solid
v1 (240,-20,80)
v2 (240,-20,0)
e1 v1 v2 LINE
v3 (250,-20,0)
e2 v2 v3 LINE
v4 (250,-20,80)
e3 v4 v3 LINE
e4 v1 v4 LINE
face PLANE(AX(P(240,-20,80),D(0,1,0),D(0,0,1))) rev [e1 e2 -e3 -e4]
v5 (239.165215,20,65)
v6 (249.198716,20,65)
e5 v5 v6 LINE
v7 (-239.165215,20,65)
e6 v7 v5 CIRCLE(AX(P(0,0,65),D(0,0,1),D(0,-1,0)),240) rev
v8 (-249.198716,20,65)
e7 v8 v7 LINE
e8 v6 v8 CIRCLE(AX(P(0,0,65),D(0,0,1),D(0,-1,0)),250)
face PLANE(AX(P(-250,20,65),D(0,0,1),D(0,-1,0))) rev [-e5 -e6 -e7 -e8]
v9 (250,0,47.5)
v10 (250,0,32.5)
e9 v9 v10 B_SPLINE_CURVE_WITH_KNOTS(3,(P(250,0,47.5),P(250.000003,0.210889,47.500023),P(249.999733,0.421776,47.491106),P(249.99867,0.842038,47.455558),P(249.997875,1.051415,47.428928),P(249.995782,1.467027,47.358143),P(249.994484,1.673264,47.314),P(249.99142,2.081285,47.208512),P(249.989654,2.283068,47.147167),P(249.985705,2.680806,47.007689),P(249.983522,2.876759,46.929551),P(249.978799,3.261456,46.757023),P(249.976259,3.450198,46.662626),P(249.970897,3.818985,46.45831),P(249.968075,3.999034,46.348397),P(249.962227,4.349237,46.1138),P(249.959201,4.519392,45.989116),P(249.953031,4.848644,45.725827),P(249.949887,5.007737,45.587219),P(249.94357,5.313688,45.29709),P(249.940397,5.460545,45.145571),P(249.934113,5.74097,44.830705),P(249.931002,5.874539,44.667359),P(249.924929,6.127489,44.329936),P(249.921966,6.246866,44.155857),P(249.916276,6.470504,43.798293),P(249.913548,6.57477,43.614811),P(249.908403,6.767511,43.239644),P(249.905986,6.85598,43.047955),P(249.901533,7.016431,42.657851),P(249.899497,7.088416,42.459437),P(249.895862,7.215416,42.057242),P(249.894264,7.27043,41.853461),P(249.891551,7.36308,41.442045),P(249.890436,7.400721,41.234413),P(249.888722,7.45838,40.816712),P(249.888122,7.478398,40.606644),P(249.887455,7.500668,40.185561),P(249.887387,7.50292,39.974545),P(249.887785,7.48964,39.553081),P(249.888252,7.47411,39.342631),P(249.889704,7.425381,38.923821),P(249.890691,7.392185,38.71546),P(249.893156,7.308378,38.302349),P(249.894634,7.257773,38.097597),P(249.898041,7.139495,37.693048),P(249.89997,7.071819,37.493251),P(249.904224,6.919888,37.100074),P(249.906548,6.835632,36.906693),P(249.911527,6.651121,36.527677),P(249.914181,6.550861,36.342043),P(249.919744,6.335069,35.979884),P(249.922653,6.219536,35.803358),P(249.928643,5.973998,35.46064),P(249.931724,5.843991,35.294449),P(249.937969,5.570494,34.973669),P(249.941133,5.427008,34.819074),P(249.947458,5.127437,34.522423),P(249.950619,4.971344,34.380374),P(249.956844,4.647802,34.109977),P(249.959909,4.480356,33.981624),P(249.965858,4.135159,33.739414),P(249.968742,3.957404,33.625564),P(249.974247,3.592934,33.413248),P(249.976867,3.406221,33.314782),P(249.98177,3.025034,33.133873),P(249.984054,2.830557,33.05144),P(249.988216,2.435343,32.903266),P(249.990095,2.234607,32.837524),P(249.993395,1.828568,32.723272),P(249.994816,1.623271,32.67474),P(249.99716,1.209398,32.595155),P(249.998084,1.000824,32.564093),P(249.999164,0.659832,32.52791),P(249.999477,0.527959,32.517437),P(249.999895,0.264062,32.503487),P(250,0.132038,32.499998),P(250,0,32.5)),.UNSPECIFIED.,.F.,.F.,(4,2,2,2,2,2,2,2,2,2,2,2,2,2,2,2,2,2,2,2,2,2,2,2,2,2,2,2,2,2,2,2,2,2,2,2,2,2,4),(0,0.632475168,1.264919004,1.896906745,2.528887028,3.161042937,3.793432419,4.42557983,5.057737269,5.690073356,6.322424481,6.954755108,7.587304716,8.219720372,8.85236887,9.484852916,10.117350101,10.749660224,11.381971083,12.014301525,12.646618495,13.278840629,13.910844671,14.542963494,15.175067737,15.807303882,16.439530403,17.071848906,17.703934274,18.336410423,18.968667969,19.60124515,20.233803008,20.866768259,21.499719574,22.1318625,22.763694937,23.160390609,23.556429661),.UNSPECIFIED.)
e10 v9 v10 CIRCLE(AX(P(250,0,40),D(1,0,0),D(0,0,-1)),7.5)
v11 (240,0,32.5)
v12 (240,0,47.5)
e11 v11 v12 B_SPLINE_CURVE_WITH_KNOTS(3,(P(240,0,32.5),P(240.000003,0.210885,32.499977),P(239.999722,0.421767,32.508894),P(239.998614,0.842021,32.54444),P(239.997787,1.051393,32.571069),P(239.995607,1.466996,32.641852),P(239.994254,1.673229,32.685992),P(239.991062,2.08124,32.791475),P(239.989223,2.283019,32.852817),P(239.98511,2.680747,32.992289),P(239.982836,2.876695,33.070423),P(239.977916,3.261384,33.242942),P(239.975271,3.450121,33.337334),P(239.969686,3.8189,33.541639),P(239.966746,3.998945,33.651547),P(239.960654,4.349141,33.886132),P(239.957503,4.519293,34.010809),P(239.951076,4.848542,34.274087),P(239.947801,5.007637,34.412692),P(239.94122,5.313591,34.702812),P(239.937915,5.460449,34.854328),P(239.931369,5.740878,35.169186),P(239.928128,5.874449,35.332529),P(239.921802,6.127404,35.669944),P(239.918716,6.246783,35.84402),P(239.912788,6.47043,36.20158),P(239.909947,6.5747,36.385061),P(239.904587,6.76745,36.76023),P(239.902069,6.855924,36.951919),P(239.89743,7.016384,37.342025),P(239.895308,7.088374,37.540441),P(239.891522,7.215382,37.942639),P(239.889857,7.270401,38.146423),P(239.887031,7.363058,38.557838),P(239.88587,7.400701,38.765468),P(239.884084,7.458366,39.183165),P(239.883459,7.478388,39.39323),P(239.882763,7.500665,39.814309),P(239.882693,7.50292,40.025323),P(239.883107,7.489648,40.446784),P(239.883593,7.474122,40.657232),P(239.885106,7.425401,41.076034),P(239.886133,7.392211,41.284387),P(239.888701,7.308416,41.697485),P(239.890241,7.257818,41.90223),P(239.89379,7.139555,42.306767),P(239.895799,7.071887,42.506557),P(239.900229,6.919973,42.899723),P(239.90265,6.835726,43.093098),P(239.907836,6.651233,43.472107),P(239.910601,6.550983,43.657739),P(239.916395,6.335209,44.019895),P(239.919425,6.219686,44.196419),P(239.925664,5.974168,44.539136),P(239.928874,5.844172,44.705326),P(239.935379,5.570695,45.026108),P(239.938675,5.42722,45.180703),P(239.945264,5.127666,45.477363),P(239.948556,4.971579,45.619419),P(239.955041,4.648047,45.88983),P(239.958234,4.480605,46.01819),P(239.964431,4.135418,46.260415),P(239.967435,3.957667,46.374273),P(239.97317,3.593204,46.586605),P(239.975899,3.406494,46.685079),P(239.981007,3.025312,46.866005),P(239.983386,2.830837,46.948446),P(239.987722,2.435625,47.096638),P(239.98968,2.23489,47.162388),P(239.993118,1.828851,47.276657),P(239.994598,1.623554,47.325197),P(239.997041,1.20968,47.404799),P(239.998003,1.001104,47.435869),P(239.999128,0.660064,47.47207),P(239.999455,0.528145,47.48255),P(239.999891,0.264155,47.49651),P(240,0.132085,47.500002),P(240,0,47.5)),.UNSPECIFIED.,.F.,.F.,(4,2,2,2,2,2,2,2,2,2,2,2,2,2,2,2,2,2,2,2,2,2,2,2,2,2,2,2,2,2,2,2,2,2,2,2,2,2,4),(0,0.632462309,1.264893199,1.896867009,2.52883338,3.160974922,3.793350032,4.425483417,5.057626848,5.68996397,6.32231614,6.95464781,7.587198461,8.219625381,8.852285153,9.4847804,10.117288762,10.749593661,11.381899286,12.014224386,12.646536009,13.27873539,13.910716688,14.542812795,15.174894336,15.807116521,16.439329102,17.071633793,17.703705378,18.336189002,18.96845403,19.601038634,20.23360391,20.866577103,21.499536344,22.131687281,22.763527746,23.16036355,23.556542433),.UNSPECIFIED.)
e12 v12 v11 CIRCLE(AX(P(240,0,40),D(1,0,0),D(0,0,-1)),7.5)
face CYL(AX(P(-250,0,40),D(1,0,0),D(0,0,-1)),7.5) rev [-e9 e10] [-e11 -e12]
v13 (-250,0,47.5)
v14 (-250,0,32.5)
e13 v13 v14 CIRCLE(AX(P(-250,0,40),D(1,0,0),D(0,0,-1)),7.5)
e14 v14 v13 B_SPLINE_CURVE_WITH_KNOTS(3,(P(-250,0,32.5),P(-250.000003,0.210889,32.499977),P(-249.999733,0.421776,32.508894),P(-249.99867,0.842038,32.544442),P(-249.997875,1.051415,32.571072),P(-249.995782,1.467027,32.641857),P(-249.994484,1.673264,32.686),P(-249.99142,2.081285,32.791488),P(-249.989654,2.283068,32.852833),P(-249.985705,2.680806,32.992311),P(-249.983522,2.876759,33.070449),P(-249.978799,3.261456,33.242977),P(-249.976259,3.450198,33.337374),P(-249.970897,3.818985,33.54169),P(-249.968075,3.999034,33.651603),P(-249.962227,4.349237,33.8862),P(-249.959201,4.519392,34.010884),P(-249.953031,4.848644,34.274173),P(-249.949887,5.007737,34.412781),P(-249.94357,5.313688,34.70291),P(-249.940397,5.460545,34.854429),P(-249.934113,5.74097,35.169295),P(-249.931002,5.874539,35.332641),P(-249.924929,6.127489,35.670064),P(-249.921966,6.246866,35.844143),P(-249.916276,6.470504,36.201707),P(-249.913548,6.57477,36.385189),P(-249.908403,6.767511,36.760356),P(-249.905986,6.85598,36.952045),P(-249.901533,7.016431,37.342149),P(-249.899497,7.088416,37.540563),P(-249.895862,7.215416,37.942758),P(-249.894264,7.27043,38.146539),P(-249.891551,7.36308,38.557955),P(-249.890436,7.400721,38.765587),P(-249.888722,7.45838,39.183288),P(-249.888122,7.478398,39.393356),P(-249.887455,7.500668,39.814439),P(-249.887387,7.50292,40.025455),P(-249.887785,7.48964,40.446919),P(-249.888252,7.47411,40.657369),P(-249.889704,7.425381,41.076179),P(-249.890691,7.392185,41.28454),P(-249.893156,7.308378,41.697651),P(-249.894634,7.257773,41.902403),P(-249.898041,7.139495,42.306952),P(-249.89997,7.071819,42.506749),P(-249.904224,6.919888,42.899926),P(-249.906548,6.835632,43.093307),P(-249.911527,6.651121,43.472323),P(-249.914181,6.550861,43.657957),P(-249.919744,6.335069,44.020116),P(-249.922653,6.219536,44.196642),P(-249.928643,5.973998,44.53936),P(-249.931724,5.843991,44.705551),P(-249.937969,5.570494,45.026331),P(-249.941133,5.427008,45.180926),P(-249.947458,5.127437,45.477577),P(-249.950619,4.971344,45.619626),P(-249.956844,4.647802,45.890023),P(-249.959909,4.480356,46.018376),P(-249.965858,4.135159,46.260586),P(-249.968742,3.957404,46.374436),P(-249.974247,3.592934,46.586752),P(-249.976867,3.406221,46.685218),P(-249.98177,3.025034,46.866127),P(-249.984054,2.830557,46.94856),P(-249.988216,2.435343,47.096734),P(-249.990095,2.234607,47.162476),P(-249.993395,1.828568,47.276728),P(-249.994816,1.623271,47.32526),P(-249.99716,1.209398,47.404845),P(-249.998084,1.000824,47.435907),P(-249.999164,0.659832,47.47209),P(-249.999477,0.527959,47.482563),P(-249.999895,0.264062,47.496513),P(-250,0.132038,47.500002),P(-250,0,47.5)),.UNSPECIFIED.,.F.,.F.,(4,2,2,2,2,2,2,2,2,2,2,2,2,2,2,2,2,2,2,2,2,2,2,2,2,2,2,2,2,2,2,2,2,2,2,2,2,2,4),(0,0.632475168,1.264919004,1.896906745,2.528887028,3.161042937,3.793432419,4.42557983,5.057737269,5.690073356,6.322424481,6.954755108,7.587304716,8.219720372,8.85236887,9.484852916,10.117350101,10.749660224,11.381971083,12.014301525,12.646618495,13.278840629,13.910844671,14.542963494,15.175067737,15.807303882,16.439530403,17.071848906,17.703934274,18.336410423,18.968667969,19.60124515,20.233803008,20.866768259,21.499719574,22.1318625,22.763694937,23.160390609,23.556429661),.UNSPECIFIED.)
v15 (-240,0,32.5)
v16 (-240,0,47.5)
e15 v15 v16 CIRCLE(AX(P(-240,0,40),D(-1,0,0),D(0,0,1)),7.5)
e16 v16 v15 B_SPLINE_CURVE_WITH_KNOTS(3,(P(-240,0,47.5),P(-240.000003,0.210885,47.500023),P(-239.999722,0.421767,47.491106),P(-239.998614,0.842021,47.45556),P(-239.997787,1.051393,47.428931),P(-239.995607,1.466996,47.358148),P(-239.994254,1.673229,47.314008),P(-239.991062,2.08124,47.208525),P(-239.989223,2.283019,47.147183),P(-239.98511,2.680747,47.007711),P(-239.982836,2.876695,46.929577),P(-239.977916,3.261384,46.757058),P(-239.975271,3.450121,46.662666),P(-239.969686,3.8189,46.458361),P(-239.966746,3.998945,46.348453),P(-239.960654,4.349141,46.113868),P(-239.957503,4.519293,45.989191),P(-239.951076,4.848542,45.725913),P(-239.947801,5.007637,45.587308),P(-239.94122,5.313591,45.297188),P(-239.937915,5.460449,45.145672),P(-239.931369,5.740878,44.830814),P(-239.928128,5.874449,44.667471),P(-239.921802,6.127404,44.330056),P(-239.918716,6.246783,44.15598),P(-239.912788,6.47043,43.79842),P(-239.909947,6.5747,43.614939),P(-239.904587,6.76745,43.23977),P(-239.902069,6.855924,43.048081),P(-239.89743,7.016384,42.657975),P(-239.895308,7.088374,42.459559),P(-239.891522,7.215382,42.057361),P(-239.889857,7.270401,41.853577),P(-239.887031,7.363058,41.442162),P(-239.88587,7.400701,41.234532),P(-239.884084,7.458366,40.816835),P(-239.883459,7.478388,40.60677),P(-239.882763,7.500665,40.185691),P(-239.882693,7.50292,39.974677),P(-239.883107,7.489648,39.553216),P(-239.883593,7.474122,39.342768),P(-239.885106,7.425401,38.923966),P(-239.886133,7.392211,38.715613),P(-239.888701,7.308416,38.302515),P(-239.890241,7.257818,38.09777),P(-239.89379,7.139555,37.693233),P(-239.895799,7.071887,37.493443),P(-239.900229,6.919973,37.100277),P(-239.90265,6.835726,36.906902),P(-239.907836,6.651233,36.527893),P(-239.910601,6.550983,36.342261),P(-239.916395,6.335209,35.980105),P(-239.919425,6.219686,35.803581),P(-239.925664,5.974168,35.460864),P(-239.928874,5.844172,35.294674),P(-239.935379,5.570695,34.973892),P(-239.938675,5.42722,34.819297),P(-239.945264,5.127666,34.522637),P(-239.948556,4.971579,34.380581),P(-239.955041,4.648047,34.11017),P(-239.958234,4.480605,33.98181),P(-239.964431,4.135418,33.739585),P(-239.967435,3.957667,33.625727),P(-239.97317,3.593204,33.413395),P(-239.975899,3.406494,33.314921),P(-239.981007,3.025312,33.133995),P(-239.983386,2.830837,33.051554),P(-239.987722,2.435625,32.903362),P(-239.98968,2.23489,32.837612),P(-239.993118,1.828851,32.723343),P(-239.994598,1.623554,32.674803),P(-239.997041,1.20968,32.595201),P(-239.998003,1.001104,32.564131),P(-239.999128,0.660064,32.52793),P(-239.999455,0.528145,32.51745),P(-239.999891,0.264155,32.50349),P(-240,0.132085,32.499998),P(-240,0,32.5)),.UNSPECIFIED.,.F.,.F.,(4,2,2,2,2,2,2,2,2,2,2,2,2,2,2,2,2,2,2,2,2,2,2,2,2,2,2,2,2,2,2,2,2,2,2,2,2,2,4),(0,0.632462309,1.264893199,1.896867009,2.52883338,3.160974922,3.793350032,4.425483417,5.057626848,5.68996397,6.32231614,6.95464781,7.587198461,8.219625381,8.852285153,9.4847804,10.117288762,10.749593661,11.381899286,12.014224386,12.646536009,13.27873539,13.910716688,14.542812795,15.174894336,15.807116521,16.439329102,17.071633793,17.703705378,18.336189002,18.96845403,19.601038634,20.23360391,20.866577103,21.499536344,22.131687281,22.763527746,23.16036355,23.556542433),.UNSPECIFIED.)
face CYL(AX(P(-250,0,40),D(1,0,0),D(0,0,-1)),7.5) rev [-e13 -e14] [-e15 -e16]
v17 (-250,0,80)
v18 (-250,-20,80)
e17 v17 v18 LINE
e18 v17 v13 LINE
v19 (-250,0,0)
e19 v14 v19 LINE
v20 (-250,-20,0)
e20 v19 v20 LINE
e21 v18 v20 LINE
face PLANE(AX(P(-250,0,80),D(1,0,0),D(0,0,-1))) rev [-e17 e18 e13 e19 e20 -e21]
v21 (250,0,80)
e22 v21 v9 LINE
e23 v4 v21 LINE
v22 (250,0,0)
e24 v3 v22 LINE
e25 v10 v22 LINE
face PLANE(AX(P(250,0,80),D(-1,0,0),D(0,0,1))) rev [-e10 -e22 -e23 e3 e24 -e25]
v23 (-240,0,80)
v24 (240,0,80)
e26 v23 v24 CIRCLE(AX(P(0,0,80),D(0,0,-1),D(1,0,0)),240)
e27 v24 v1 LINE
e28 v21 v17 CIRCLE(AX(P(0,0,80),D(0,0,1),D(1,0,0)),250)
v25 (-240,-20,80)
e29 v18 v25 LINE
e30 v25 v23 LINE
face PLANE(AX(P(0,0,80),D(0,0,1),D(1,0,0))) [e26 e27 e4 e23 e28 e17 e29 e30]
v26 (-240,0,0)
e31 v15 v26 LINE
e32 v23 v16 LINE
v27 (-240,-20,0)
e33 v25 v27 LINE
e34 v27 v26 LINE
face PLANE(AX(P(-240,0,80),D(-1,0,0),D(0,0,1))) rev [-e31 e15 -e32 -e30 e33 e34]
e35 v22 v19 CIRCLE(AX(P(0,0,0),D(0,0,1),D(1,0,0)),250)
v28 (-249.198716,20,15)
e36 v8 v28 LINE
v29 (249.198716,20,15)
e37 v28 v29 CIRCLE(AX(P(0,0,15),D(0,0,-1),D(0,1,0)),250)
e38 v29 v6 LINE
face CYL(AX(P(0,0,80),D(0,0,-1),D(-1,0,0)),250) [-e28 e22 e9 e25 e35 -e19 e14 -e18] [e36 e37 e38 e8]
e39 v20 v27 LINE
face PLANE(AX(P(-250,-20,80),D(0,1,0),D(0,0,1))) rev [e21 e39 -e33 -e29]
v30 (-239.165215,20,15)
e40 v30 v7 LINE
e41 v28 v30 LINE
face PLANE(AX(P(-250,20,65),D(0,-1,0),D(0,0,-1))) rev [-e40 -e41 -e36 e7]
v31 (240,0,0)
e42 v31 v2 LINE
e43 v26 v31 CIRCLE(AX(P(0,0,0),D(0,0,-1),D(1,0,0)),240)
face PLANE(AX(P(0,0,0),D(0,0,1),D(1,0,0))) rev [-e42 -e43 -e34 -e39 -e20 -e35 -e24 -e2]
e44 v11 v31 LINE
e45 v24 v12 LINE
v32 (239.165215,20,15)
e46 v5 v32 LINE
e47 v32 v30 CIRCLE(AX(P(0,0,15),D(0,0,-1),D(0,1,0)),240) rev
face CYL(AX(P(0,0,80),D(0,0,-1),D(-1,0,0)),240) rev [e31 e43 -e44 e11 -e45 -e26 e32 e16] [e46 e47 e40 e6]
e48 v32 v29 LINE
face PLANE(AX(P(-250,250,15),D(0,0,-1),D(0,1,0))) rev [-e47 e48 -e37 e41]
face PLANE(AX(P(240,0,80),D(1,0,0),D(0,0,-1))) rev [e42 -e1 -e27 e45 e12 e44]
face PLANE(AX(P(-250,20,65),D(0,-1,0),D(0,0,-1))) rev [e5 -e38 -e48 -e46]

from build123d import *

# Parameters (mm, degrees)
BOSS_EXTRUDE1_DEPTH = 80
SKETCH2_R           = 7.5
CUT_EXTRUDE2_DEPTH  = 565.71231614
SKETCH4_W           = 50
SKETCH4_H           = 230
CUT_EXTRUDE3_DEPTH  = 565.712316287


with BuildPart() as part:
    # Sketch1 → Boss-Extrude1 (new body)
    with BuildSketch(Plane.XY):
        with BuildLine():
            Line((-250, 0), (-250, -20))
            Line((-250, -20), (-240, -20))
            Line((-240, -20), (-240, 0))
            ThreePointArc((-240, 0), (0, 240), (240, 0))
            Line((240, 0), (240, -20))
            Line((240, -20), (250, -20))
            Line((250, -20), (250, 0))
            ThreePointArc((250, 0), (0, 250), (-250, 0))
        make_face()
    extrude(amount=BOSS_EXTRUDE1_DEPTH)

    # Sketch2 → Cut-Extrude2 (cut, through all)
    with BuildSketch(Plane(origin=(250, 0, 0), x_dir=(0, 0, -1), z_dir=(1, 0, 0))):
        with Locations((-40, 0)):
            Circle(SKETCH2_R)
    extrude(amount=-CUT_EXTRUDE2_DEPTH, mode=Mode.SUBTRACT)

    # Sketch4 → Cut-Extrude3 (cut, through all)
    with BuildSketch(Plane(origin=(250, 0, 0), x_dir=(0, 0, -1), z_dir=(1, 0, 0))):
        with Locations((-40, 135)):
            Rectangle(SKETCH4_W, SKETCH4_H)
    extrude(amount=-CUT_EXTRUDE3_DEPTH, mode=Mode.SUBTRACT)


solid = part.part
